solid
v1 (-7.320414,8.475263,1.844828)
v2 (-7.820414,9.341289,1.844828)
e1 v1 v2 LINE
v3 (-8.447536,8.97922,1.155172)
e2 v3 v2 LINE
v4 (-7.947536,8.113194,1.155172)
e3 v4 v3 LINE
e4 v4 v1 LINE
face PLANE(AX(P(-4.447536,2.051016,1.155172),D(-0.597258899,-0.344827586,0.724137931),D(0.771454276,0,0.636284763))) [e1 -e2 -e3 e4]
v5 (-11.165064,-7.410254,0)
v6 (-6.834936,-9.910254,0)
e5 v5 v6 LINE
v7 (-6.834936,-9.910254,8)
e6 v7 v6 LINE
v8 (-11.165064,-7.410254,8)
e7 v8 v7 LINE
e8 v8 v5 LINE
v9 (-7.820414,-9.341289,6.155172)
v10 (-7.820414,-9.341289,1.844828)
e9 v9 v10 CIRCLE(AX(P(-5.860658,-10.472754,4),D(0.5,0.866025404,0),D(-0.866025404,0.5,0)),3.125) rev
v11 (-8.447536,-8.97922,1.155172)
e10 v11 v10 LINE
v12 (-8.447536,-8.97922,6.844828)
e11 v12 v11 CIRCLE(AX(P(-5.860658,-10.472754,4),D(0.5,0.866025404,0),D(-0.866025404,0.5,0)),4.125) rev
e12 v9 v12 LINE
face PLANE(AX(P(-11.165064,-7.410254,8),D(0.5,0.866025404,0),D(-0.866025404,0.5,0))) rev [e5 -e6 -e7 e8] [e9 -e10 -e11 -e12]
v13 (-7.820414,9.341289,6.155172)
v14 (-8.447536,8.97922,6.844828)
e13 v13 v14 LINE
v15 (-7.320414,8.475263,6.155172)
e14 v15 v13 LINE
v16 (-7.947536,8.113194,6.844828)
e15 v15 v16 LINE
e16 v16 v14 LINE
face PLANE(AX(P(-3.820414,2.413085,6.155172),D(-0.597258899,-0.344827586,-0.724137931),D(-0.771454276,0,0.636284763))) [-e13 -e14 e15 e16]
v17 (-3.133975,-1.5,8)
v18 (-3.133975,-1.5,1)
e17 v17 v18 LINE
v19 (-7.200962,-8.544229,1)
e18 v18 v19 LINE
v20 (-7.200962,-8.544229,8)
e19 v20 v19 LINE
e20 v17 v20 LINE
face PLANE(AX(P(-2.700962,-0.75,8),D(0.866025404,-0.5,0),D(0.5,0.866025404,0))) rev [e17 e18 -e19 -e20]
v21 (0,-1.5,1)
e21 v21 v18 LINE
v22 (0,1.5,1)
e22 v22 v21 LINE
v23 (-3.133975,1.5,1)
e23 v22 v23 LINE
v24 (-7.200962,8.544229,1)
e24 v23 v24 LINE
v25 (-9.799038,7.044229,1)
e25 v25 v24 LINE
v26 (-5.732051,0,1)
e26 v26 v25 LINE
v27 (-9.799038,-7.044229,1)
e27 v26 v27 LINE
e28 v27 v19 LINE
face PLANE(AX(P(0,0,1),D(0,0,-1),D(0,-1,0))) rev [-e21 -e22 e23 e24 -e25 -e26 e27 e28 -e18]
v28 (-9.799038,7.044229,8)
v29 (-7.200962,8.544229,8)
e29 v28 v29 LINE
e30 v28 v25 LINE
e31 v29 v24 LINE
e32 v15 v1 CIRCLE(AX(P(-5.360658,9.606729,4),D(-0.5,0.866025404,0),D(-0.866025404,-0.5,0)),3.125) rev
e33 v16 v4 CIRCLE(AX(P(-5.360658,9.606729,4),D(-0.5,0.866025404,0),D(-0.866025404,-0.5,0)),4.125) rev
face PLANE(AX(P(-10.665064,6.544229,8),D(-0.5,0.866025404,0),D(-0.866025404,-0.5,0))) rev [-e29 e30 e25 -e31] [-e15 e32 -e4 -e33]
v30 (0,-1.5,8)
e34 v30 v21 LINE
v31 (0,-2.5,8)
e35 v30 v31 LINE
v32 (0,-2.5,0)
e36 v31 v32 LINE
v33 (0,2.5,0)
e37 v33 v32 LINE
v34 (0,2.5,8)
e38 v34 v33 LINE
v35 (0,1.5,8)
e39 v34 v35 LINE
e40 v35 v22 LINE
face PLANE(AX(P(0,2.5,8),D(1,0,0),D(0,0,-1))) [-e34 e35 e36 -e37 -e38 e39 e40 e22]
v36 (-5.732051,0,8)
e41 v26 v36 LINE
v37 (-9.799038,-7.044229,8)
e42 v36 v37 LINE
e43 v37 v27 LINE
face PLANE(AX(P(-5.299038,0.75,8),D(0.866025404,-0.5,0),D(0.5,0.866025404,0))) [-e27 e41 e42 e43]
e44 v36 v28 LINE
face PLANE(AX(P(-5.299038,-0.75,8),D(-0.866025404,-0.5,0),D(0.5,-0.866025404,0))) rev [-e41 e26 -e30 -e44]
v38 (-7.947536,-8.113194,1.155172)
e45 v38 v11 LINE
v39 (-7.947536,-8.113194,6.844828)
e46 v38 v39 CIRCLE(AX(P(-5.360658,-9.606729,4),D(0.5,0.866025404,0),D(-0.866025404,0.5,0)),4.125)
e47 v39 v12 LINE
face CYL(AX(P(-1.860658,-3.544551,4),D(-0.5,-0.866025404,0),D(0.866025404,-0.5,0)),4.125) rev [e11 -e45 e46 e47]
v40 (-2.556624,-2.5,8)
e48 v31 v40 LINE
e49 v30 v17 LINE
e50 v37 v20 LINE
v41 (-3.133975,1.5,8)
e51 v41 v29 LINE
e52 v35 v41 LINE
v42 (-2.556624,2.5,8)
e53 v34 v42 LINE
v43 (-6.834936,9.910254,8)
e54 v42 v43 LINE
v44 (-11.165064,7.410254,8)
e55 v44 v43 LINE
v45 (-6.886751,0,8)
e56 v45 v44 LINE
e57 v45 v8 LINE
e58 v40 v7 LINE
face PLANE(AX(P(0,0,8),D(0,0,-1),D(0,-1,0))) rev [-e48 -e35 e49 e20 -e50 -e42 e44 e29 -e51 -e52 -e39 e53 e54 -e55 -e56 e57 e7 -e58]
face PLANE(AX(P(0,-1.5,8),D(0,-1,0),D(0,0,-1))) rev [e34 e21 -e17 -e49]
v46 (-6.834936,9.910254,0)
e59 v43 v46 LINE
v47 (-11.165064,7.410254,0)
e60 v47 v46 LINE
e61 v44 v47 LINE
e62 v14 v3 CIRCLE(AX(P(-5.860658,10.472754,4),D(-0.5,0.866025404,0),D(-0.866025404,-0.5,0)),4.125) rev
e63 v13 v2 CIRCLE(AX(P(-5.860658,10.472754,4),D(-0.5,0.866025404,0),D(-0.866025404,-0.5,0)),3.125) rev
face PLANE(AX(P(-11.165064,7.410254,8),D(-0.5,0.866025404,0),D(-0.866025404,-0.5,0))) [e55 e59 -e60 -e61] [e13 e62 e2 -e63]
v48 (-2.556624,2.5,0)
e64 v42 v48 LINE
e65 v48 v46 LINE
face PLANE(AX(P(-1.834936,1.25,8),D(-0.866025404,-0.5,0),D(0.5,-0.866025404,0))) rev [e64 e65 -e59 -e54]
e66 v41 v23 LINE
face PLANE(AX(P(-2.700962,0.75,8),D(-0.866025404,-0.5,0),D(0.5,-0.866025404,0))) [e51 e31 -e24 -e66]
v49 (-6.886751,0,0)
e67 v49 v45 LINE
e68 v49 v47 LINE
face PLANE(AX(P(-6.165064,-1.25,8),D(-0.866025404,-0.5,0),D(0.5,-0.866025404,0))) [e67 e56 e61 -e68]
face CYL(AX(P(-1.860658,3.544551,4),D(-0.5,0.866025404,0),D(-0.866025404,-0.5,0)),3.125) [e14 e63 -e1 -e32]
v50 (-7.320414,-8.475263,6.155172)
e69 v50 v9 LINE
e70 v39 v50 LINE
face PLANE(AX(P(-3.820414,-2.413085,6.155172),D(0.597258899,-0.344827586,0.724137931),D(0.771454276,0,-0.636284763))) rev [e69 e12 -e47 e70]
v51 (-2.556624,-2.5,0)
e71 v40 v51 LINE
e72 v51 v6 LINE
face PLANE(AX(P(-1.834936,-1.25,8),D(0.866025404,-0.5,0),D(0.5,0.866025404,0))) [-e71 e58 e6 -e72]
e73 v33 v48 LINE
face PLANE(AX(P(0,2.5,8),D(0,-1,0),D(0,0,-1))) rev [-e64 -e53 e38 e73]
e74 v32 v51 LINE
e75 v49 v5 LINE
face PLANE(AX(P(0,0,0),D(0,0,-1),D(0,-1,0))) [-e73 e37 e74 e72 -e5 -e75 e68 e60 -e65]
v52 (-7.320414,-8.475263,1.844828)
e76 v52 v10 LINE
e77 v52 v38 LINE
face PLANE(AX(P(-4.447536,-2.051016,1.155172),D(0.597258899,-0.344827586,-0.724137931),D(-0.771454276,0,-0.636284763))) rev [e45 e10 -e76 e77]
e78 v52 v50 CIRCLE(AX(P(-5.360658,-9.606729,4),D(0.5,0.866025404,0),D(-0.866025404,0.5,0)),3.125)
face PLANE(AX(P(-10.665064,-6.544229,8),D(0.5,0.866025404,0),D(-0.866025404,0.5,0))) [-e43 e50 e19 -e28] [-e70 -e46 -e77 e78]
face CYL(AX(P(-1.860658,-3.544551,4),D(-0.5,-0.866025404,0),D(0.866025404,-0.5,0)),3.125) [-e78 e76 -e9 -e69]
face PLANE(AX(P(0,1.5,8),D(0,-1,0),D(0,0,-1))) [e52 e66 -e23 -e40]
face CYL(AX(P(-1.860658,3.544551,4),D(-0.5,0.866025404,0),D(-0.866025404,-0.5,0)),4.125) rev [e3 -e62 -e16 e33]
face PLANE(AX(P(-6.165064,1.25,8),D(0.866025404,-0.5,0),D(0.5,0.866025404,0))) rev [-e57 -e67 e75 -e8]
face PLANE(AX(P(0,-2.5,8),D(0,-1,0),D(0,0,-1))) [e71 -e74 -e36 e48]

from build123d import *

# Parameters (mm, degrees)
EXTRUDE_THIN1_DEPTH     = 8
SHELL4_T                = -1
CUT_EXTRUDE_THIN1_DEPTH = 8


with BuildPart() as part:
    # Sketch1 → Extrude-Thin1 (new body)
    with BuildSketch(Plane(origin=(0, 0, 0), x_dir=(0, 1, 0), z_dir=(0, 0, 1))):
        Polygon((2.5, 0), (2.5, 2.556624327), (9.910254038, 6.834936491), (7.410254038, 11.165063509), (-2.5, 5.443375673), (-2.5, 0), align=None)
    extrude_thin1 = extrude(amount=EXTRUDE_THIN1_DEPTH)

    # Mirror3: Extrude-Thin1 across plane
    add(extrude_thin1.mirror(Plane.ZX))

    # Shell4
    shell4_openings = [part.faces().sort_by_distance(p)[0] for p in [
        (-5.923522884, 0, 8),
        (0, 0, 4),
    ]]
    offset(amount=SHELL4_T, openings=shell4_openings, kind=Kind.INTERSECTION)

    # Sketch5 → Cut-Extrude-Thin1 (cut)
    with BuildSketch(Plane(origin=(-6, 10.392304845, 0), x_dir=(-0.8660254037844398, -0.49999999999999806, 0), z_dir=(-0.499999999999998, 0.8660254037844397, 0))):
        with BuildLine():
            ThreePointArc((2.10203265, 6.155172414), (2.964101615, 4), (2.10203265, 1.844827586))
            Line((2.10203265, 1.844827586), (2.826170581, 1.155172414))
            ThreePointArc((2.826170581, 1.155172414), (3.964101615, 4), (2.826170581, 6.844827586))
            Line((2.826170581, 6.844827586), (2.10203265, 6.155172414))
        make_face()
    cut_extrude_thin1 = extrude(amount=-CUT_EXTRUDE_THIN1_DEPTH, mode=Mode.SUBTRACT)

    # Mirror4: Cut-Extrude-Thin1 across plane
    add(cut_extrude_thin1.mirror(Plane.ZX), mode=Mode.SUBTRACT)


solid = part.part
